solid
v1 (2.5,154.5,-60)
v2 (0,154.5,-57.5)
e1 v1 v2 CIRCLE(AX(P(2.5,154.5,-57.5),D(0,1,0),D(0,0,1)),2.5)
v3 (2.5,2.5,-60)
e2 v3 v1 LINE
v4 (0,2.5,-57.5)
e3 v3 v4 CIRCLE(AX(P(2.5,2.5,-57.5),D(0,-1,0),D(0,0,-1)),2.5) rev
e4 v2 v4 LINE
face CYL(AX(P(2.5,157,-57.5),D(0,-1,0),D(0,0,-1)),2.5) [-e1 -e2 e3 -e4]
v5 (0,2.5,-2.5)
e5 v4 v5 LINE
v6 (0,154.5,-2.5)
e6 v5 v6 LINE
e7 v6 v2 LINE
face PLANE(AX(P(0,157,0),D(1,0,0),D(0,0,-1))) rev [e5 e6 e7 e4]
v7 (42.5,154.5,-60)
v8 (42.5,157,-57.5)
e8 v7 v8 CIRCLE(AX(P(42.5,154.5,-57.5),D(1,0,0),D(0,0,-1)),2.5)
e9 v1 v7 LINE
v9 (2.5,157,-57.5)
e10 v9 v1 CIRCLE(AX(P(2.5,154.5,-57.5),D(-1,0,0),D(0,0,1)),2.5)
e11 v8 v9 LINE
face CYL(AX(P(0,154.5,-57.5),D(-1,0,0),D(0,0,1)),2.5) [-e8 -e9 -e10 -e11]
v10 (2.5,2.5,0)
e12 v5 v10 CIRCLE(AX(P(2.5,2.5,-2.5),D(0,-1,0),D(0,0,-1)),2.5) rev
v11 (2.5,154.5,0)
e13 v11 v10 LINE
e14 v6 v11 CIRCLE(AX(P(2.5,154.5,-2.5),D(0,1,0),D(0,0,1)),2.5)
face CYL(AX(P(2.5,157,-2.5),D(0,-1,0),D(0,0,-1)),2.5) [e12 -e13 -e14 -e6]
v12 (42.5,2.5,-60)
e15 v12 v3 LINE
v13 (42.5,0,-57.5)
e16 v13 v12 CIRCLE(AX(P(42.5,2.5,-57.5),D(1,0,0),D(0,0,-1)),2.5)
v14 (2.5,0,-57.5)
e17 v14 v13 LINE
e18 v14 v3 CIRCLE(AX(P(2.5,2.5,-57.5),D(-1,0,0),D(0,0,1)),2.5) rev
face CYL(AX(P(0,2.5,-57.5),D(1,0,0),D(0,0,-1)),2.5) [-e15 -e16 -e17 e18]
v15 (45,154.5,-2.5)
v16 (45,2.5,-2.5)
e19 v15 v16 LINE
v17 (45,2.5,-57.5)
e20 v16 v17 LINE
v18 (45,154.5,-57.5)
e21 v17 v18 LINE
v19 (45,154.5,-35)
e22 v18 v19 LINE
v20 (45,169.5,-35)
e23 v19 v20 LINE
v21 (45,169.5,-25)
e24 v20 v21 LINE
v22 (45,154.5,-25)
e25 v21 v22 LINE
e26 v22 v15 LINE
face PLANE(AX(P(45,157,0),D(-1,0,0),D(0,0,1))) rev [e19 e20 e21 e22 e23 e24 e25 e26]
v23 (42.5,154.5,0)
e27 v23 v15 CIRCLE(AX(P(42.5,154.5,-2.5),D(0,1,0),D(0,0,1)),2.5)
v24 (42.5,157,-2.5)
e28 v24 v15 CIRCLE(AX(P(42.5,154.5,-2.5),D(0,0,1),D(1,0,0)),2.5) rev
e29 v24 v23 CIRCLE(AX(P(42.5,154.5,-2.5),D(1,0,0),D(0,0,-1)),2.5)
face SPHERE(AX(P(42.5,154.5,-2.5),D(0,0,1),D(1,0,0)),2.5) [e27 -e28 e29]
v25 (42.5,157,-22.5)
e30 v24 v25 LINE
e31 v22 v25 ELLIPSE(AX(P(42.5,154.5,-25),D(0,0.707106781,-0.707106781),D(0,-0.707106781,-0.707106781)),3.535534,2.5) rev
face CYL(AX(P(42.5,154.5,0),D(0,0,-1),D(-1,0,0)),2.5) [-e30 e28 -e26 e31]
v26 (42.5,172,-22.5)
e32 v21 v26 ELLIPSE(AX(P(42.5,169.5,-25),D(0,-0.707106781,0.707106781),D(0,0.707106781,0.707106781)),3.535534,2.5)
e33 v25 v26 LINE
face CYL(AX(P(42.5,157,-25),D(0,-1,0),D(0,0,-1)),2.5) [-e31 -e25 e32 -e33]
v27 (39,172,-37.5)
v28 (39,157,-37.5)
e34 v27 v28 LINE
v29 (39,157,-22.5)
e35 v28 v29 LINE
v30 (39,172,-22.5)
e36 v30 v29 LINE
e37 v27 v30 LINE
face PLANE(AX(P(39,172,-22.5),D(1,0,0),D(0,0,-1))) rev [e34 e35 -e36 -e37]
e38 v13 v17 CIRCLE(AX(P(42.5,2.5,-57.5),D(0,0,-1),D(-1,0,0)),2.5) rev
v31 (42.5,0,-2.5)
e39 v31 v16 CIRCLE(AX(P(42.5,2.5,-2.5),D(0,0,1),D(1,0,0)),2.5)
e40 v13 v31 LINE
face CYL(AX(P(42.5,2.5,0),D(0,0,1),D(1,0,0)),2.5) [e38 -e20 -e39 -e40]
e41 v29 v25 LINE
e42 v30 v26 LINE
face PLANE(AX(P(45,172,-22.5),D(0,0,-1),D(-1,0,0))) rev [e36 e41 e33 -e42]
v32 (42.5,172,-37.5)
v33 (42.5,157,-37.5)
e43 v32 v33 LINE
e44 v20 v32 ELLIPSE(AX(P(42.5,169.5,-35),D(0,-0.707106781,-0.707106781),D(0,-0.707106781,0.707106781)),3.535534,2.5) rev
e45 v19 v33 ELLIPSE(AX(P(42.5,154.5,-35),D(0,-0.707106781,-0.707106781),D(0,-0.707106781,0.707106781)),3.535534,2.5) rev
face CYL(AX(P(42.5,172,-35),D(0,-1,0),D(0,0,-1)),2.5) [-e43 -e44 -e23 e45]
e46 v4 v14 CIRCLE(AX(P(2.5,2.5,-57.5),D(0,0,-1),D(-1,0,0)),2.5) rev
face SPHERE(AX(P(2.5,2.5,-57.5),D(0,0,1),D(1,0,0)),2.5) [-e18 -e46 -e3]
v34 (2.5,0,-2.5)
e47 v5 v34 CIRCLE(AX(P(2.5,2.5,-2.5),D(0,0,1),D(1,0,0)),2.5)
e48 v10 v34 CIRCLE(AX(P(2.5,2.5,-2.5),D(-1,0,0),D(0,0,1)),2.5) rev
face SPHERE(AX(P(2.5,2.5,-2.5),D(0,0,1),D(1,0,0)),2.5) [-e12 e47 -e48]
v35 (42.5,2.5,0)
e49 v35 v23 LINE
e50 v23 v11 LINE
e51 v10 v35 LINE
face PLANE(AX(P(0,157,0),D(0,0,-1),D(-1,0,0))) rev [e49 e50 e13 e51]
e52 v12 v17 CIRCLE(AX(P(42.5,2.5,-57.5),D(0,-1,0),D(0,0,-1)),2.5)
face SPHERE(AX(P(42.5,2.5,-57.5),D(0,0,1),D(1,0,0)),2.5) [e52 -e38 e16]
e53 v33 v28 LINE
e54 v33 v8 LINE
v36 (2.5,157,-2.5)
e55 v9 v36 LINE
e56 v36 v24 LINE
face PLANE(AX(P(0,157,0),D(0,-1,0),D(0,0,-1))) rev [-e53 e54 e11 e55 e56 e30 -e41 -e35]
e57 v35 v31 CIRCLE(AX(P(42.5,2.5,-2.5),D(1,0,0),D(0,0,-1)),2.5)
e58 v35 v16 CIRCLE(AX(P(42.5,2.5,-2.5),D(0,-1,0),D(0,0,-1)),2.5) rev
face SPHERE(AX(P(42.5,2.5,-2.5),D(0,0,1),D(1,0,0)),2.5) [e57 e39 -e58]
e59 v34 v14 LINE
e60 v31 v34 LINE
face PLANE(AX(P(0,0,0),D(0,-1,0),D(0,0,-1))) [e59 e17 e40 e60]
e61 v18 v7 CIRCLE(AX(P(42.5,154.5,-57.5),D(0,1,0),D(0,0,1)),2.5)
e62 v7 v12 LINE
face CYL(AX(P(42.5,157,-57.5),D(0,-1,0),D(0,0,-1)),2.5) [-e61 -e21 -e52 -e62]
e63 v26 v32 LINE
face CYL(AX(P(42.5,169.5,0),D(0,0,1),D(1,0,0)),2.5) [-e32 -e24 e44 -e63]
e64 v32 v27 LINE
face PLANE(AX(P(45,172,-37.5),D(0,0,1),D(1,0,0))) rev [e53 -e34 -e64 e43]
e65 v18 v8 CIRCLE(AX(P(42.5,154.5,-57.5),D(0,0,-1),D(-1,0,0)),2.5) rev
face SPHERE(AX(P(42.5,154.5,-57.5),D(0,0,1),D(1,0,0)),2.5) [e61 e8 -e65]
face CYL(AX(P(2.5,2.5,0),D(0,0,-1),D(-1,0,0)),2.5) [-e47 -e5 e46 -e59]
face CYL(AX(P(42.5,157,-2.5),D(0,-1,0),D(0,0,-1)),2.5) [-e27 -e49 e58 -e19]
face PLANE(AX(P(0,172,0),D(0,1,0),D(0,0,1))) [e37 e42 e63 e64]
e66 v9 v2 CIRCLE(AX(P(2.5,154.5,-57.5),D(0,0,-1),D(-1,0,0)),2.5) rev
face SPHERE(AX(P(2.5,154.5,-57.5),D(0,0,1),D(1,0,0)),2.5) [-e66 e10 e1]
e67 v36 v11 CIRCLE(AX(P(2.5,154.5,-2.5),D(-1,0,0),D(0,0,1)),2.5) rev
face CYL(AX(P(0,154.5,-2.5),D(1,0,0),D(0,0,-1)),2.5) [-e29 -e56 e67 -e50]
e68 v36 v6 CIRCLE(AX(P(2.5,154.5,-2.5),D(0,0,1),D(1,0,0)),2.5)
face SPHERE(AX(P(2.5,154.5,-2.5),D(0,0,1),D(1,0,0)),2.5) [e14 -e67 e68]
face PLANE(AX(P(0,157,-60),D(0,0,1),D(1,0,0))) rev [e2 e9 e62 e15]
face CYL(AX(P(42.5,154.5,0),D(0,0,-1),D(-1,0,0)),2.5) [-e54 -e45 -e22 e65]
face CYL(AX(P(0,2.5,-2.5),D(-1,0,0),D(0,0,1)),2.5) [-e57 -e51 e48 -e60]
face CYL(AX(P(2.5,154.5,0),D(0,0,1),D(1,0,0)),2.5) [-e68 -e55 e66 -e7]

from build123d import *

# Parameters (mm, degrees)
SKETCH1_W           = 45
SKETCH1_H           = 60
BOSS_EXTRUDE1_DEPTH = 157
SKETCH2_W           = 6
SKETCH2_H           = 15
BOSS_EXTRUDE2_DEPTH = 15
FILLET1_R           = 2.5


with BuildPart() as part:
    # Sketch1 → Boss-Extrude1 (new body)
    with BuildSketch(Plane(origin=(0, 0, 0), x_dir=(1, 0, 0), z_dir=(0, 1, 0))):
        with Locations((22.5, 30)):
            Rectangle(SKETCH1_W, SKETCH1_H)
    extrude(amount=BOSS_EXTRUDE1_DEPTH)

    # Sketch2 → Boss-Extrude2 (add)
    with BuildSketch(Plane(origin=(0, 157, 0), x_dir=(1, 0, 0), z_dir=(0, 1, 0))):
        with Locations((42, 30)):
            Rectangle(SKETCH2_W, SKETCH2_H)
    extrude(amount=BOSS_EXTRUDE2_DEPTH)

    # Fillet1
    fillet1_edges = [part.edges().sort_by_distance(p)[0] for p in [
        (45, 157, -11.25),
        (45, 157, -48.75),
        (45, 164.5, -22.5),
        (45, 164.5, -37.5),
        (22.5, 157, -60),
        (45, 172, -30),
        (0, 157, -30),
        (22.5, 0, -60),
        (45, 0, -30),
        (22.5, 0, 0),
        (0, 0, -30),
        (0, 78.5, -60),
        (45, 78.5, -60),
        (45, 78.5, 0),
        (0, 78.5, 0),
        (22.5, 157, 0),
    ]]
    fillet(fillet1_edges, radius=FILLET1_R)


solid = part.part
